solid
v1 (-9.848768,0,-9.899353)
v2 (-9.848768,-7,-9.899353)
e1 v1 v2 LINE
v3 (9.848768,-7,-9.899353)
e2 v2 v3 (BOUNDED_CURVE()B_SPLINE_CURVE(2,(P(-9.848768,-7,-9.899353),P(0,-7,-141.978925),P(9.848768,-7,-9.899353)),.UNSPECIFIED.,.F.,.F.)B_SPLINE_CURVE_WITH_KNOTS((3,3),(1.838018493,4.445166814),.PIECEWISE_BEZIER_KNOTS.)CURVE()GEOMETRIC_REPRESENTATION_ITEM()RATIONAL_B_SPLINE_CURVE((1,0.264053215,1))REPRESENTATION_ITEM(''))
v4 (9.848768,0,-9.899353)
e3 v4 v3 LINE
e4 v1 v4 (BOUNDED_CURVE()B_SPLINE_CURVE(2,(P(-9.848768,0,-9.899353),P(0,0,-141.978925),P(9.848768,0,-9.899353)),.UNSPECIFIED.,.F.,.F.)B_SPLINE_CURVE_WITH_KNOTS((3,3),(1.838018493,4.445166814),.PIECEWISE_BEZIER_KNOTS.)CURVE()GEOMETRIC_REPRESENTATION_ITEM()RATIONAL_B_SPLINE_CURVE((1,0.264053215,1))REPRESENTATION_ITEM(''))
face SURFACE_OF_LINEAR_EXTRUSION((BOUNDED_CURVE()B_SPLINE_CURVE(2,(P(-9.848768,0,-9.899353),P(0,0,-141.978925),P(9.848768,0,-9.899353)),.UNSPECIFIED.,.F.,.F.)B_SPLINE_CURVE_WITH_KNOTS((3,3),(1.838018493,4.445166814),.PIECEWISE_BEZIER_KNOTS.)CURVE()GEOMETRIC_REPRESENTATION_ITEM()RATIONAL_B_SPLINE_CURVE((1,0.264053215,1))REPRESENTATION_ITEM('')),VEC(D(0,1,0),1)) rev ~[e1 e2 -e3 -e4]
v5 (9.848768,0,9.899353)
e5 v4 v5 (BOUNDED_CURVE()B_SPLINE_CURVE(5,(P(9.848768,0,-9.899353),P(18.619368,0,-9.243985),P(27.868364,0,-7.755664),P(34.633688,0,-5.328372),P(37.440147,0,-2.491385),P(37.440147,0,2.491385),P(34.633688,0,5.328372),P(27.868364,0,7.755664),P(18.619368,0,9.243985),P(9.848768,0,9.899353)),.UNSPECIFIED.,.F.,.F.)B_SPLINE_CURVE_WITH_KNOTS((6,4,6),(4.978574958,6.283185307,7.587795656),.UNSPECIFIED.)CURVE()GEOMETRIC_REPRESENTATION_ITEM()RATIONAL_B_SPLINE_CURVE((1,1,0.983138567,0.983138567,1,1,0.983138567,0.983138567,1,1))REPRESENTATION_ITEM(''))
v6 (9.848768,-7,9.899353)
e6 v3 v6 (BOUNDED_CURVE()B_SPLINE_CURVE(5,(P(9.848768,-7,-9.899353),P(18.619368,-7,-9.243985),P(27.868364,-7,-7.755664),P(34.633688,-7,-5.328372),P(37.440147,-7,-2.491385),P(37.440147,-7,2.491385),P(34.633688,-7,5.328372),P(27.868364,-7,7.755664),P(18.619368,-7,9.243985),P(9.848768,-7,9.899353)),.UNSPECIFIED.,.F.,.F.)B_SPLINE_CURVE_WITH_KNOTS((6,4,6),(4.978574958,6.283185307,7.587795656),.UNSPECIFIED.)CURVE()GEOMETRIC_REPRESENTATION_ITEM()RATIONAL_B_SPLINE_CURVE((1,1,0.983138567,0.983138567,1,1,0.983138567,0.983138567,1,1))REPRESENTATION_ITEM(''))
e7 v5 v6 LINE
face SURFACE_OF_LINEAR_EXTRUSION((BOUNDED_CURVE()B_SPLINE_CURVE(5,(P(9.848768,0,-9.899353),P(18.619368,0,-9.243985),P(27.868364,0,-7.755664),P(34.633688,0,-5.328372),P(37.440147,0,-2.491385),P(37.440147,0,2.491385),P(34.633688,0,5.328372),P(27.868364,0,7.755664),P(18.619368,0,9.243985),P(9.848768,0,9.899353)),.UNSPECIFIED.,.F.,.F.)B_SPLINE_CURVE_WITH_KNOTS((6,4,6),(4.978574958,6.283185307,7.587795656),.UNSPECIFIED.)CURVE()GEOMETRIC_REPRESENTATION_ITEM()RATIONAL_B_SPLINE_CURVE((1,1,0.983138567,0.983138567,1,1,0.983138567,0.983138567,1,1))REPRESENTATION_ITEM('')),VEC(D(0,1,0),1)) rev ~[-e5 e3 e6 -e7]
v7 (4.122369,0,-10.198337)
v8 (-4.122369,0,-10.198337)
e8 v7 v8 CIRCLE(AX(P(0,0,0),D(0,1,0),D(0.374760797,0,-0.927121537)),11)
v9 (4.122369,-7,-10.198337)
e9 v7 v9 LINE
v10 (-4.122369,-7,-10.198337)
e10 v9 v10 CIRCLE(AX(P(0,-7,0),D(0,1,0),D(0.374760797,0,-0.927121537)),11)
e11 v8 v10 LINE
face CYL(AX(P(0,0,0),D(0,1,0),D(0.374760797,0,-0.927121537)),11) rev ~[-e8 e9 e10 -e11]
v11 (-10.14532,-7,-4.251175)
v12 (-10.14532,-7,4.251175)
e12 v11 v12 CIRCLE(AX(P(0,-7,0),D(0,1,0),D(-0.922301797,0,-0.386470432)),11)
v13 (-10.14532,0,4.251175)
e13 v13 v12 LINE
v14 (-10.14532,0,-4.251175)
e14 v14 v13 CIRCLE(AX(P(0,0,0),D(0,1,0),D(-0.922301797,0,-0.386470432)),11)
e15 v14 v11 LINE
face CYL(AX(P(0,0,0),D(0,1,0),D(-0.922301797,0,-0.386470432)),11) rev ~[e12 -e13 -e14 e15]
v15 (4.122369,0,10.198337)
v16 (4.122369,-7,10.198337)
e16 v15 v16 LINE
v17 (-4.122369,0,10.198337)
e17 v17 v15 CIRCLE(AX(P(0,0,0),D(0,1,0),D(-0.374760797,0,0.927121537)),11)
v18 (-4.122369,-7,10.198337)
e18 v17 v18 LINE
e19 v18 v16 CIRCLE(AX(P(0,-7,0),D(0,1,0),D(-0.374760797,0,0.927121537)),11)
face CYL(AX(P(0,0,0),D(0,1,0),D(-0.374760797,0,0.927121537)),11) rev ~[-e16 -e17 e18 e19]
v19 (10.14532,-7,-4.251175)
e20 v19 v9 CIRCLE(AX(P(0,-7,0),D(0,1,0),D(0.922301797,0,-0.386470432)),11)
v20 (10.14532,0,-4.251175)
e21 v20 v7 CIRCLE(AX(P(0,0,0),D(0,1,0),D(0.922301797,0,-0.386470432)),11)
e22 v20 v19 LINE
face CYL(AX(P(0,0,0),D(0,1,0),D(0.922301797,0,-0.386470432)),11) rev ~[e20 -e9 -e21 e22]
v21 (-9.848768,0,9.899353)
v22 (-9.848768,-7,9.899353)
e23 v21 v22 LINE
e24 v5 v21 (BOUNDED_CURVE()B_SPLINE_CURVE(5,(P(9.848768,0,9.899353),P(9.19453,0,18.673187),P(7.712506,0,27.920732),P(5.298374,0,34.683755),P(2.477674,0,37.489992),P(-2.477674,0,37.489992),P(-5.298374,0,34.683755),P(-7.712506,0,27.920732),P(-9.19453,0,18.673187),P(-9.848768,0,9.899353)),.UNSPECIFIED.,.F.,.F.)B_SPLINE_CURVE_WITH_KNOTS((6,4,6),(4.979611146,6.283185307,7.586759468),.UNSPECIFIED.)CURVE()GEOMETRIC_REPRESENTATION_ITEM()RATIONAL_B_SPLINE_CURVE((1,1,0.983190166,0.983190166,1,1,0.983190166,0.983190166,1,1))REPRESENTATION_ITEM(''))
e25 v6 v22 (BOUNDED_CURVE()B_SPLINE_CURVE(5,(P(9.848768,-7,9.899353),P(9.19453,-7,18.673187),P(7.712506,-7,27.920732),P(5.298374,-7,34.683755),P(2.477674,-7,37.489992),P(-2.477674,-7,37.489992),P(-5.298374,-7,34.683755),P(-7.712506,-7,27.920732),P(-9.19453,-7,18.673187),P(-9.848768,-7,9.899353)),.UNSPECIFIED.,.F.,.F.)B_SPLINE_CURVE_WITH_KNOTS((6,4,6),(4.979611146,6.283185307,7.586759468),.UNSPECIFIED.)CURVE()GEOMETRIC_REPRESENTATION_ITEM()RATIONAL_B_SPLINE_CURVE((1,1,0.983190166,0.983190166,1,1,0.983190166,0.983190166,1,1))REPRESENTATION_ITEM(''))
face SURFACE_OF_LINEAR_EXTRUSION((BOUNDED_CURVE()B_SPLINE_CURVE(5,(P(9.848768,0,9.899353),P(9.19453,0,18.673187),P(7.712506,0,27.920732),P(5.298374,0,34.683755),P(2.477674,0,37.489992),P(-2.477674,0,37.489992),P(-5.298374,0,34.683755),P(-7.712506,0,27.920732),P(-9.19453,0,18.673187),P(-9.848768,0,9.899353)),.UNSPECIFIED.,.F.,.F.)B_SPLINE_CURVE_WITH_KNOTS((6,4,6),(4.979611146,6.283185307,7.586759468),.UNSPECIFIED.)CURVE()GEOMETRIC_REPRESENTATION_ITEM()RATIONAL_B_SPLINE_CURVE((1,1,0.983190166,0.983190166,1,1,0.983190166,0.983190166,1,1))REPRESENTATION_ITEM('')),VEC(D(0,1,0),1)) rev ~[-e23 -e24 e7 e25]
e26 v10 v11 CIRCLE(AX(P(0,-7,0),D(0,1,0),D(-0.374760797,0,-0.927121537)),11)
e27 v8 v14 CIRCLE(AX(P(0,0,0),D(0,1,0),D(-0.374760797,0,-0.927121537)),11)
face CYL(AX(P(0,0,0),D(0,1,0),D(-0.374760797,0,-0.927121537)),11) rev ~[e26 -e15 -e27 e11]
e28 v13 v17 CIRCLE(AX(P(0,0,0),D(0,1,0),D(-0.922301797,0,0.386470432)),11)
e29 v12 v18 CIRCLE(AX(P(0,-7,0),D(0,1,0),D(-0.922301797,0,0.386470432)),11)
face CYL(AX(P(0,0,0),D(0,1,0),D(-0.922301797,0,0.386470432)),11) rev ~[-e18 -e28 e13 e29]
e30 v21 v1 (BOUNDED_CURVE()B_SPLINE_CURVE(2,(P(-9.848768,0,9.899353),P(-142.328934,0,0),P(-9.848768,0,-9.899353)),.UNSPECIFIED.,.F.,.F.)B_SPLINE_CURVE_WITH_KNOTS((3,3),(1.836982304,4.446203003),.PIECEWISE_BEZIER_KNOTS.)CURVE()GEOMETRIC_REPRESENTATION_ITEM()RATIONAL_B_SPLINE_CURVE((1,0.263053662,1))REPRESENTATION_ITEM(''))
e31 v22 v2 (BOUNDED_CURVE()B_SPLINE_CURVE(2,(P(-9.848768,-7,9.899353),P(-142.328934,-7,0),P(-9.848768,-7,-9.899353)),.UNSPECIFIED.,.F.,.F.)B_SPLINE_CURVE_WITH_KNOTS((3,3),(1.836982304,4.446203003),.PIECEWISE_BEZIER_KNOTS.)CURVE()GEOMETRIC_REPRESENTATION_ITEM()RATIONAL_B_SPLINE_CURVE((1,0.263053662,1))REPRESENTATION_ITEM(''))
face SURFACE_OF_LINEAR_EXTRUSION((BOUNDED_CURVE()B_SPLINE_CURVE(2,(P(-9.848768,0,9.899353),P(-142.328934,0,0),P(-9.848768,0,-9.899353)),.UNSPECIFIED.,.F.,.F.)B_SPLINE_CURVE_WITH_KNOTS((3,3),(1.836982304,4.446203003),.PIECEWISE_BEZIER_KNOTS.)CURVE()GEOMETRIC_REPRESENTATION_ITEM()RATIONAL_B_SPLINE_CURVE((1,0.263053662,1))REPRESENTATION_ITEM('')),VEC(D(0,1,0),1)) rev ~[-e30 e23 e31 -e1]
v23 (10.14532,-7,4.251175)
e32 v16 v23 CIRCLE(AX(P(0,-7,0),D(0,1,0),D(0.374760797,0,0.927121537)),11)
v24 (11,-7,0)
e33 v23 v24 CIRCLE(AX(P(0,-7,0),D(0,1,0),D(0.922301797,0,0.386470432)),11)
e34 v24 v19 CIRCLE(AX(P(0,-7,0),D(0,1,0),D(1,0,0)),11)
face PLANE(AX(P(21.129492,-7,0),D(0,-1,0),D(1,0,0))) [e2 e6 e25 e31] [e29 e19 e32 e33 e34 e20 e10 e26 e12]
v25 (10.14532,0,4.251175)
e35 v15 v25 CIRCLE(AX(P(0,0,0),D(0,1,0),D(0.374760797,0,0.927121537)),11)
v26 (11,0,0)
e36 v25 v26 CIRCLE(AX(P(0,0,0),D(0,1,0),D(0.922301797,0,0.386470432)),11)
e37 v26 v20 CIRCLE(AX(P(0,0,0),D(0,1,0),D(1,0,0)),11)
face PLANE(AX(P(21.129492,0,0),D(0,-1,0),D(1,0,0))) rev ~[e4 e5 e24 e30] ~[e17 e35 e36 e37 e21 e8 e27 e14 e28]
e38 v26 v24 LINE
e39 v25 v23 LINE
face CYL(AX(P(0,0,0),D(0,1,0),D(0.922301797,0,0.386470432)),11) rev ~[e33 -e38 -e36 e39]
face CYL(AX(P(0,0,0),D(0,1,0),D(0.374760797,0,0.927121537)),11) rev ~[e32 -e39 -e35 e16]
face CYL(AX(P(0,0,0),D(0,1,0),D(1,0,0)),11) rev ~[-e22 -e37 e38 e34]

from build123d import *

# Parameters (mm, degrees)
F1_DEPTH = 7


with BuildPart() as f1:
    # F0 (on Front) → F1 (new body)
    with BuildSketch(Plane.XZ):
        with BuildLine():
            ThreePointArc((10.1453197701, 4.2511747508), (10.7842134037, 2.168119292), (11, 0))
            ThreePointArc((11, 0), (10.7842134037, -2.168119292), (10.1453197701, -4.2511747508))
            add(Edge.make_bspline(
                [(9.8487678325, -9.8993528373), (10.0562281019, -7.1171506305), (10.1453197701, -4.2511747508)],
                knots=[4.4451668144, 4.4451668144, 4.4451668144, 4.5987496264, 4.5987496264, 4.5987496264], degree=2, weights=[1, 0.9970529886, 1]))
            add(Edge.make_bspline(
                [(9.8487678325, -9.8993528373), (37.4401472509, -7.8376344068), (37.4401472509, 0)],
                knots=[4.978574958, 4.978574958, 4.978574958, 6.2831853072, 6.2831853072, 6.2831853072], degree=2, weights=[1, 0.7946866243, 1]))
            add(Edge.make_bspline(
                [(37.4401472509, 0), (37.4401472509, 7.8376344068), (9.8487678325, 9.8993528373)],
                knots=[0, 0, 0, 1.3046103492, 1.3046103492, 1.3046103492], degree=2, weights=[1, 0.7946866243, 1]))
            add(Edge.make_bspline(
                [(10.1453197701, 4.2511747508), (10.0562281019, 7.1171506305), (9.8487678325, 9.8993528373)],
                knots=[4.8260283344, 4.8260283344, 4.8260283344, 4.9796111463, 4.9796111463, 4.9796111463], degree=2, weights=[1, 0.9970529886, 1]))
        make_face()
        with BuildLine():
            ThreePointArc((4.1223687661, 10.1983369113), (7.72877212, 7.8272652643), (10.1453197701, 4.2511747508))
            add(Edge.make_bspline(
                [(10.1453197701, 4.2511747508), (10.0562281019, 7.1171506305), (9.8487678325, 9.8993528373)],
                knots=[4.8260283344, 4.8260283344, 4.8260283344, 4.9796111463, 4.9796111463, 4.9796111463], degree=2, weights=[1, 0.9970529886, 1]))
            add(Edge.make_bspline(
                [(9.8487678325, 9.8993528373), (7.0281628, 10.1101177031), (4.1223687661, 10.1983369113)],
                knots=[1.3046103492, 1.3046103492, 1.3046103492, 1.4604670613, 1.4604670613, 1.4604670613], degree=2, weights=[1, 0.996965122, 1]))
        make_face()
        with BuildLine():
            add(Edge.make_bspline(
                [(9.8487678325, -9.8993528373), (10.0562281019, -7.1171506305), (10.1453197701, -4.2511747508)],
                knots=[4.4451668144, 4.4451668144, 4.4451668144, 4.5987496264, 4.5987496264, 4.5987496264], degree=2, weights=[1, 0.9970529886, 1]))
            ThreePointArc((10.1453197701, -4.2511747508), (7.72877212, -7.8272652643), (4.1223687661, -10.1983369113))
            add(Edge.make_bspline(
                [(4.1223687661, -10.1983369113), (7.0281628, -10.1101177031), (9.8487678325, -9.8993528373)],
                knots=[4.8227182459, 4.8227182459, 4.8227182459, 4.978574958, 4.978574958, 4.978574958], degree=2, weights=[1, 0.996965122, 1]))
        make_face()
        with BuildLine():
            ThreePointArc((-4.1223687661, 10.1983369113), (0, 11), (4.1223687661, 10.1983369113))
            add(Edge.make_bspline(
                [(9.8487678325, 9.8993528373), (7.0281628, 10.1101177031), (4.1223687661, 10.1983369113)],
                knots=[1.3046103492, 1.3046103492, 1.3046103492, 1.4604670613, 1.4604670613, 1.4604670613], degree=2, weights=[1, 0.996965122, 1]))
            add(Edge.make_bspline(
                [(9.8487678325, 9.8993528373), (7.7914186779, 37.4899916351), (0, 37.4899916351)],
                knots=[4.9796111463, 4.9796111463, 4.9796111463, 6.2831853072, 6.2831853072, 6.2831853072], degree=2, weights=[1, 0.7950010111, 1]))
            add(Edge.make_bspline(
                [(0, 37.4899916351), (-7.7914186779, 37.4899916351), (-9.8487678325, 9.8993528373)],
                knots=[0, 0, 0, 1.3035741608, 1.3035741608, 1.3035741608], degree=2, weights=[1, 0.7950010111, 1]))
            add(Edge.make_bspline(
                [(-4.1223687661, 10.1983369113), (-7.0281628, 10.1101177031), (-9.8487678325, 9.8993528373)],
                knots=[1.6811255923, 1.6811255923, 1.6811255923, 1.8369823044, 1.8369823044, 1.8369823044], degree=2, weights=[1, 0.996965122, 1]))
        make_face()
        with BuildLine():
            add(Edge.make_bspline(
                [(4.1223687661, -10.1983369113), (7.0281628, -10.1101177031), (9.8487678325, -9.8993528373)],
                knots=[4.8227182459, 4.8227182459, 4.8227182459, 4.978574958, 4.978574958, 4.978574958], degree=2, weights=[1, 0.996965122, 1]))
            ThreePointArc((4.1223687661, -10.1983369113), (0, -11), (-4.1223687661, -10.1983369113))
            add(Edge.make_bspline(
                [(-9.8487678325, -9.8993528373), (-7.0281628, -10.1101177031), (-4.1223687661, -10.1983369113)],
                knots=[4.4462030028, 4.4462030028, 4.4462030028, 4.6020597149, 4.6020597149, 4.6020597149], degree=2, weights=[1, 0.996965122, 1]))
            add(Edge.make_bspline(
                [(-9.8487678325, -9.8993528373), (0, -141.9789248751), (9.8487678325, -9.8993528373)],
                knots=[1.8380184927, 1.8380184927, 1.8380184927, 4.4451668144, 4.4451668144, 4.4451668144], degree=2, weights=[1, 0.2640532154, 1]))
        make_face()
        with BuildLine():
            ThreePointArc((-10.1453197701, 4.2511747508), (-7.72877212, 7.8272652643), (-4.1223687661, 10.1983369113))
            add(Edge.make_bspline(
                [(-4.1223687661, 10.1983369113), (-7.0281628, 10.1101177031), (-9.8487678325, 9.8993528373)],
                knots=[1.6811255923, 1.6811255923, 1.6811255923, 1.8369823044, 1.8369823044, 1.8369823044], degree=2, weights=[1, 0.996965122, 1]))
            add(Edge.make_bspline(
                [(-9.8487678325, 9.8993528373), (-10.0562281019, 7.1171506305), (-10.1453197701, 4.2511747508)],
                knots=[1.3035741608, 1.3035741608, 1.3035741608, 1.4571569728, 1.4571569728, 1.4571569728], degree=2, weights=[1, 0.9970529886, 1]))
        make_face()
        with BuildLine():
            add(Edge.make_bspline(
                [(-9.8487678325, -9.8993528373), (-7.0281628, -10.1101177031), (-4.1223687661, -10.1983369113)],
                knots=[4.4462030028, 4.4462030028, 4.4462030028, 4.6020597149, 4.6020597149, 4.6020597149], degree=2, weights=[1, 0.996965122, 1]))
            ThreePointArc((-4.1223687661, -10.1983369113), (-7.72877212, -7.8272652643), (-10.1453197701, -4.2511747508))
            add(Edge.make_bspline(
                [(-10.1453197701, -4.2511747508), (-10.0562281019, -7.1171506305), (-9.8487678325, -9.8993528373)],
                knots=[1.6844356808, 1.6844356808, 1.6844356808, 1.8380184927, 1.8380184927, 1.8380184927], degree=2, weights=[1, 0.9970529886, 1]))
        make_face()
        with BuildLine():
            add(Edge.make_bspline(
                [(-9.8487678325, 9.8993528373), (-142.3289339352, 0), (-9.8487678325, -9.8993528373)],
                knots=[1.8369823044, 1.8369823044, 1.8369823044, 4.4462030028, 4.4462030028, 4.4462030028], degree=2, weights=[1, 0.2630536618, 1]))
            add(Edge.make_bspline(
                [(-10.1453197701, -4.2511747508), (-10.0562281019, -7.1171506305), (-9.8487678325, -9.8993528373)],
                knots=[1.6844356808, 1.6844356808, 1.6844356808, 1.8380184927, 1.8380184927, 1.8380184927], degree=2, weights=[1, 0.9970529886, 1]))
            ThreePointArc((-10.1453197701, -4.2511747508), (-11, 0), (-10.1453197701, 4.2511747508))
            add(Edge.make_bspline(
                [(-9.8487678325, 9.8993528373), (-10.0562281019, 7.1171506305), (-10.1453197701, 4.2511747508)],
                knots=[1.3035741608, 1.3035741608, 1.3035741608, 1.4571569728, 1.4571569728, 1.4571569728], degree=2, weights=[1, 0.9970529886, 1]))
        make_face()
    extrude(amount=F1_DEPTH)


solid = f1.part
